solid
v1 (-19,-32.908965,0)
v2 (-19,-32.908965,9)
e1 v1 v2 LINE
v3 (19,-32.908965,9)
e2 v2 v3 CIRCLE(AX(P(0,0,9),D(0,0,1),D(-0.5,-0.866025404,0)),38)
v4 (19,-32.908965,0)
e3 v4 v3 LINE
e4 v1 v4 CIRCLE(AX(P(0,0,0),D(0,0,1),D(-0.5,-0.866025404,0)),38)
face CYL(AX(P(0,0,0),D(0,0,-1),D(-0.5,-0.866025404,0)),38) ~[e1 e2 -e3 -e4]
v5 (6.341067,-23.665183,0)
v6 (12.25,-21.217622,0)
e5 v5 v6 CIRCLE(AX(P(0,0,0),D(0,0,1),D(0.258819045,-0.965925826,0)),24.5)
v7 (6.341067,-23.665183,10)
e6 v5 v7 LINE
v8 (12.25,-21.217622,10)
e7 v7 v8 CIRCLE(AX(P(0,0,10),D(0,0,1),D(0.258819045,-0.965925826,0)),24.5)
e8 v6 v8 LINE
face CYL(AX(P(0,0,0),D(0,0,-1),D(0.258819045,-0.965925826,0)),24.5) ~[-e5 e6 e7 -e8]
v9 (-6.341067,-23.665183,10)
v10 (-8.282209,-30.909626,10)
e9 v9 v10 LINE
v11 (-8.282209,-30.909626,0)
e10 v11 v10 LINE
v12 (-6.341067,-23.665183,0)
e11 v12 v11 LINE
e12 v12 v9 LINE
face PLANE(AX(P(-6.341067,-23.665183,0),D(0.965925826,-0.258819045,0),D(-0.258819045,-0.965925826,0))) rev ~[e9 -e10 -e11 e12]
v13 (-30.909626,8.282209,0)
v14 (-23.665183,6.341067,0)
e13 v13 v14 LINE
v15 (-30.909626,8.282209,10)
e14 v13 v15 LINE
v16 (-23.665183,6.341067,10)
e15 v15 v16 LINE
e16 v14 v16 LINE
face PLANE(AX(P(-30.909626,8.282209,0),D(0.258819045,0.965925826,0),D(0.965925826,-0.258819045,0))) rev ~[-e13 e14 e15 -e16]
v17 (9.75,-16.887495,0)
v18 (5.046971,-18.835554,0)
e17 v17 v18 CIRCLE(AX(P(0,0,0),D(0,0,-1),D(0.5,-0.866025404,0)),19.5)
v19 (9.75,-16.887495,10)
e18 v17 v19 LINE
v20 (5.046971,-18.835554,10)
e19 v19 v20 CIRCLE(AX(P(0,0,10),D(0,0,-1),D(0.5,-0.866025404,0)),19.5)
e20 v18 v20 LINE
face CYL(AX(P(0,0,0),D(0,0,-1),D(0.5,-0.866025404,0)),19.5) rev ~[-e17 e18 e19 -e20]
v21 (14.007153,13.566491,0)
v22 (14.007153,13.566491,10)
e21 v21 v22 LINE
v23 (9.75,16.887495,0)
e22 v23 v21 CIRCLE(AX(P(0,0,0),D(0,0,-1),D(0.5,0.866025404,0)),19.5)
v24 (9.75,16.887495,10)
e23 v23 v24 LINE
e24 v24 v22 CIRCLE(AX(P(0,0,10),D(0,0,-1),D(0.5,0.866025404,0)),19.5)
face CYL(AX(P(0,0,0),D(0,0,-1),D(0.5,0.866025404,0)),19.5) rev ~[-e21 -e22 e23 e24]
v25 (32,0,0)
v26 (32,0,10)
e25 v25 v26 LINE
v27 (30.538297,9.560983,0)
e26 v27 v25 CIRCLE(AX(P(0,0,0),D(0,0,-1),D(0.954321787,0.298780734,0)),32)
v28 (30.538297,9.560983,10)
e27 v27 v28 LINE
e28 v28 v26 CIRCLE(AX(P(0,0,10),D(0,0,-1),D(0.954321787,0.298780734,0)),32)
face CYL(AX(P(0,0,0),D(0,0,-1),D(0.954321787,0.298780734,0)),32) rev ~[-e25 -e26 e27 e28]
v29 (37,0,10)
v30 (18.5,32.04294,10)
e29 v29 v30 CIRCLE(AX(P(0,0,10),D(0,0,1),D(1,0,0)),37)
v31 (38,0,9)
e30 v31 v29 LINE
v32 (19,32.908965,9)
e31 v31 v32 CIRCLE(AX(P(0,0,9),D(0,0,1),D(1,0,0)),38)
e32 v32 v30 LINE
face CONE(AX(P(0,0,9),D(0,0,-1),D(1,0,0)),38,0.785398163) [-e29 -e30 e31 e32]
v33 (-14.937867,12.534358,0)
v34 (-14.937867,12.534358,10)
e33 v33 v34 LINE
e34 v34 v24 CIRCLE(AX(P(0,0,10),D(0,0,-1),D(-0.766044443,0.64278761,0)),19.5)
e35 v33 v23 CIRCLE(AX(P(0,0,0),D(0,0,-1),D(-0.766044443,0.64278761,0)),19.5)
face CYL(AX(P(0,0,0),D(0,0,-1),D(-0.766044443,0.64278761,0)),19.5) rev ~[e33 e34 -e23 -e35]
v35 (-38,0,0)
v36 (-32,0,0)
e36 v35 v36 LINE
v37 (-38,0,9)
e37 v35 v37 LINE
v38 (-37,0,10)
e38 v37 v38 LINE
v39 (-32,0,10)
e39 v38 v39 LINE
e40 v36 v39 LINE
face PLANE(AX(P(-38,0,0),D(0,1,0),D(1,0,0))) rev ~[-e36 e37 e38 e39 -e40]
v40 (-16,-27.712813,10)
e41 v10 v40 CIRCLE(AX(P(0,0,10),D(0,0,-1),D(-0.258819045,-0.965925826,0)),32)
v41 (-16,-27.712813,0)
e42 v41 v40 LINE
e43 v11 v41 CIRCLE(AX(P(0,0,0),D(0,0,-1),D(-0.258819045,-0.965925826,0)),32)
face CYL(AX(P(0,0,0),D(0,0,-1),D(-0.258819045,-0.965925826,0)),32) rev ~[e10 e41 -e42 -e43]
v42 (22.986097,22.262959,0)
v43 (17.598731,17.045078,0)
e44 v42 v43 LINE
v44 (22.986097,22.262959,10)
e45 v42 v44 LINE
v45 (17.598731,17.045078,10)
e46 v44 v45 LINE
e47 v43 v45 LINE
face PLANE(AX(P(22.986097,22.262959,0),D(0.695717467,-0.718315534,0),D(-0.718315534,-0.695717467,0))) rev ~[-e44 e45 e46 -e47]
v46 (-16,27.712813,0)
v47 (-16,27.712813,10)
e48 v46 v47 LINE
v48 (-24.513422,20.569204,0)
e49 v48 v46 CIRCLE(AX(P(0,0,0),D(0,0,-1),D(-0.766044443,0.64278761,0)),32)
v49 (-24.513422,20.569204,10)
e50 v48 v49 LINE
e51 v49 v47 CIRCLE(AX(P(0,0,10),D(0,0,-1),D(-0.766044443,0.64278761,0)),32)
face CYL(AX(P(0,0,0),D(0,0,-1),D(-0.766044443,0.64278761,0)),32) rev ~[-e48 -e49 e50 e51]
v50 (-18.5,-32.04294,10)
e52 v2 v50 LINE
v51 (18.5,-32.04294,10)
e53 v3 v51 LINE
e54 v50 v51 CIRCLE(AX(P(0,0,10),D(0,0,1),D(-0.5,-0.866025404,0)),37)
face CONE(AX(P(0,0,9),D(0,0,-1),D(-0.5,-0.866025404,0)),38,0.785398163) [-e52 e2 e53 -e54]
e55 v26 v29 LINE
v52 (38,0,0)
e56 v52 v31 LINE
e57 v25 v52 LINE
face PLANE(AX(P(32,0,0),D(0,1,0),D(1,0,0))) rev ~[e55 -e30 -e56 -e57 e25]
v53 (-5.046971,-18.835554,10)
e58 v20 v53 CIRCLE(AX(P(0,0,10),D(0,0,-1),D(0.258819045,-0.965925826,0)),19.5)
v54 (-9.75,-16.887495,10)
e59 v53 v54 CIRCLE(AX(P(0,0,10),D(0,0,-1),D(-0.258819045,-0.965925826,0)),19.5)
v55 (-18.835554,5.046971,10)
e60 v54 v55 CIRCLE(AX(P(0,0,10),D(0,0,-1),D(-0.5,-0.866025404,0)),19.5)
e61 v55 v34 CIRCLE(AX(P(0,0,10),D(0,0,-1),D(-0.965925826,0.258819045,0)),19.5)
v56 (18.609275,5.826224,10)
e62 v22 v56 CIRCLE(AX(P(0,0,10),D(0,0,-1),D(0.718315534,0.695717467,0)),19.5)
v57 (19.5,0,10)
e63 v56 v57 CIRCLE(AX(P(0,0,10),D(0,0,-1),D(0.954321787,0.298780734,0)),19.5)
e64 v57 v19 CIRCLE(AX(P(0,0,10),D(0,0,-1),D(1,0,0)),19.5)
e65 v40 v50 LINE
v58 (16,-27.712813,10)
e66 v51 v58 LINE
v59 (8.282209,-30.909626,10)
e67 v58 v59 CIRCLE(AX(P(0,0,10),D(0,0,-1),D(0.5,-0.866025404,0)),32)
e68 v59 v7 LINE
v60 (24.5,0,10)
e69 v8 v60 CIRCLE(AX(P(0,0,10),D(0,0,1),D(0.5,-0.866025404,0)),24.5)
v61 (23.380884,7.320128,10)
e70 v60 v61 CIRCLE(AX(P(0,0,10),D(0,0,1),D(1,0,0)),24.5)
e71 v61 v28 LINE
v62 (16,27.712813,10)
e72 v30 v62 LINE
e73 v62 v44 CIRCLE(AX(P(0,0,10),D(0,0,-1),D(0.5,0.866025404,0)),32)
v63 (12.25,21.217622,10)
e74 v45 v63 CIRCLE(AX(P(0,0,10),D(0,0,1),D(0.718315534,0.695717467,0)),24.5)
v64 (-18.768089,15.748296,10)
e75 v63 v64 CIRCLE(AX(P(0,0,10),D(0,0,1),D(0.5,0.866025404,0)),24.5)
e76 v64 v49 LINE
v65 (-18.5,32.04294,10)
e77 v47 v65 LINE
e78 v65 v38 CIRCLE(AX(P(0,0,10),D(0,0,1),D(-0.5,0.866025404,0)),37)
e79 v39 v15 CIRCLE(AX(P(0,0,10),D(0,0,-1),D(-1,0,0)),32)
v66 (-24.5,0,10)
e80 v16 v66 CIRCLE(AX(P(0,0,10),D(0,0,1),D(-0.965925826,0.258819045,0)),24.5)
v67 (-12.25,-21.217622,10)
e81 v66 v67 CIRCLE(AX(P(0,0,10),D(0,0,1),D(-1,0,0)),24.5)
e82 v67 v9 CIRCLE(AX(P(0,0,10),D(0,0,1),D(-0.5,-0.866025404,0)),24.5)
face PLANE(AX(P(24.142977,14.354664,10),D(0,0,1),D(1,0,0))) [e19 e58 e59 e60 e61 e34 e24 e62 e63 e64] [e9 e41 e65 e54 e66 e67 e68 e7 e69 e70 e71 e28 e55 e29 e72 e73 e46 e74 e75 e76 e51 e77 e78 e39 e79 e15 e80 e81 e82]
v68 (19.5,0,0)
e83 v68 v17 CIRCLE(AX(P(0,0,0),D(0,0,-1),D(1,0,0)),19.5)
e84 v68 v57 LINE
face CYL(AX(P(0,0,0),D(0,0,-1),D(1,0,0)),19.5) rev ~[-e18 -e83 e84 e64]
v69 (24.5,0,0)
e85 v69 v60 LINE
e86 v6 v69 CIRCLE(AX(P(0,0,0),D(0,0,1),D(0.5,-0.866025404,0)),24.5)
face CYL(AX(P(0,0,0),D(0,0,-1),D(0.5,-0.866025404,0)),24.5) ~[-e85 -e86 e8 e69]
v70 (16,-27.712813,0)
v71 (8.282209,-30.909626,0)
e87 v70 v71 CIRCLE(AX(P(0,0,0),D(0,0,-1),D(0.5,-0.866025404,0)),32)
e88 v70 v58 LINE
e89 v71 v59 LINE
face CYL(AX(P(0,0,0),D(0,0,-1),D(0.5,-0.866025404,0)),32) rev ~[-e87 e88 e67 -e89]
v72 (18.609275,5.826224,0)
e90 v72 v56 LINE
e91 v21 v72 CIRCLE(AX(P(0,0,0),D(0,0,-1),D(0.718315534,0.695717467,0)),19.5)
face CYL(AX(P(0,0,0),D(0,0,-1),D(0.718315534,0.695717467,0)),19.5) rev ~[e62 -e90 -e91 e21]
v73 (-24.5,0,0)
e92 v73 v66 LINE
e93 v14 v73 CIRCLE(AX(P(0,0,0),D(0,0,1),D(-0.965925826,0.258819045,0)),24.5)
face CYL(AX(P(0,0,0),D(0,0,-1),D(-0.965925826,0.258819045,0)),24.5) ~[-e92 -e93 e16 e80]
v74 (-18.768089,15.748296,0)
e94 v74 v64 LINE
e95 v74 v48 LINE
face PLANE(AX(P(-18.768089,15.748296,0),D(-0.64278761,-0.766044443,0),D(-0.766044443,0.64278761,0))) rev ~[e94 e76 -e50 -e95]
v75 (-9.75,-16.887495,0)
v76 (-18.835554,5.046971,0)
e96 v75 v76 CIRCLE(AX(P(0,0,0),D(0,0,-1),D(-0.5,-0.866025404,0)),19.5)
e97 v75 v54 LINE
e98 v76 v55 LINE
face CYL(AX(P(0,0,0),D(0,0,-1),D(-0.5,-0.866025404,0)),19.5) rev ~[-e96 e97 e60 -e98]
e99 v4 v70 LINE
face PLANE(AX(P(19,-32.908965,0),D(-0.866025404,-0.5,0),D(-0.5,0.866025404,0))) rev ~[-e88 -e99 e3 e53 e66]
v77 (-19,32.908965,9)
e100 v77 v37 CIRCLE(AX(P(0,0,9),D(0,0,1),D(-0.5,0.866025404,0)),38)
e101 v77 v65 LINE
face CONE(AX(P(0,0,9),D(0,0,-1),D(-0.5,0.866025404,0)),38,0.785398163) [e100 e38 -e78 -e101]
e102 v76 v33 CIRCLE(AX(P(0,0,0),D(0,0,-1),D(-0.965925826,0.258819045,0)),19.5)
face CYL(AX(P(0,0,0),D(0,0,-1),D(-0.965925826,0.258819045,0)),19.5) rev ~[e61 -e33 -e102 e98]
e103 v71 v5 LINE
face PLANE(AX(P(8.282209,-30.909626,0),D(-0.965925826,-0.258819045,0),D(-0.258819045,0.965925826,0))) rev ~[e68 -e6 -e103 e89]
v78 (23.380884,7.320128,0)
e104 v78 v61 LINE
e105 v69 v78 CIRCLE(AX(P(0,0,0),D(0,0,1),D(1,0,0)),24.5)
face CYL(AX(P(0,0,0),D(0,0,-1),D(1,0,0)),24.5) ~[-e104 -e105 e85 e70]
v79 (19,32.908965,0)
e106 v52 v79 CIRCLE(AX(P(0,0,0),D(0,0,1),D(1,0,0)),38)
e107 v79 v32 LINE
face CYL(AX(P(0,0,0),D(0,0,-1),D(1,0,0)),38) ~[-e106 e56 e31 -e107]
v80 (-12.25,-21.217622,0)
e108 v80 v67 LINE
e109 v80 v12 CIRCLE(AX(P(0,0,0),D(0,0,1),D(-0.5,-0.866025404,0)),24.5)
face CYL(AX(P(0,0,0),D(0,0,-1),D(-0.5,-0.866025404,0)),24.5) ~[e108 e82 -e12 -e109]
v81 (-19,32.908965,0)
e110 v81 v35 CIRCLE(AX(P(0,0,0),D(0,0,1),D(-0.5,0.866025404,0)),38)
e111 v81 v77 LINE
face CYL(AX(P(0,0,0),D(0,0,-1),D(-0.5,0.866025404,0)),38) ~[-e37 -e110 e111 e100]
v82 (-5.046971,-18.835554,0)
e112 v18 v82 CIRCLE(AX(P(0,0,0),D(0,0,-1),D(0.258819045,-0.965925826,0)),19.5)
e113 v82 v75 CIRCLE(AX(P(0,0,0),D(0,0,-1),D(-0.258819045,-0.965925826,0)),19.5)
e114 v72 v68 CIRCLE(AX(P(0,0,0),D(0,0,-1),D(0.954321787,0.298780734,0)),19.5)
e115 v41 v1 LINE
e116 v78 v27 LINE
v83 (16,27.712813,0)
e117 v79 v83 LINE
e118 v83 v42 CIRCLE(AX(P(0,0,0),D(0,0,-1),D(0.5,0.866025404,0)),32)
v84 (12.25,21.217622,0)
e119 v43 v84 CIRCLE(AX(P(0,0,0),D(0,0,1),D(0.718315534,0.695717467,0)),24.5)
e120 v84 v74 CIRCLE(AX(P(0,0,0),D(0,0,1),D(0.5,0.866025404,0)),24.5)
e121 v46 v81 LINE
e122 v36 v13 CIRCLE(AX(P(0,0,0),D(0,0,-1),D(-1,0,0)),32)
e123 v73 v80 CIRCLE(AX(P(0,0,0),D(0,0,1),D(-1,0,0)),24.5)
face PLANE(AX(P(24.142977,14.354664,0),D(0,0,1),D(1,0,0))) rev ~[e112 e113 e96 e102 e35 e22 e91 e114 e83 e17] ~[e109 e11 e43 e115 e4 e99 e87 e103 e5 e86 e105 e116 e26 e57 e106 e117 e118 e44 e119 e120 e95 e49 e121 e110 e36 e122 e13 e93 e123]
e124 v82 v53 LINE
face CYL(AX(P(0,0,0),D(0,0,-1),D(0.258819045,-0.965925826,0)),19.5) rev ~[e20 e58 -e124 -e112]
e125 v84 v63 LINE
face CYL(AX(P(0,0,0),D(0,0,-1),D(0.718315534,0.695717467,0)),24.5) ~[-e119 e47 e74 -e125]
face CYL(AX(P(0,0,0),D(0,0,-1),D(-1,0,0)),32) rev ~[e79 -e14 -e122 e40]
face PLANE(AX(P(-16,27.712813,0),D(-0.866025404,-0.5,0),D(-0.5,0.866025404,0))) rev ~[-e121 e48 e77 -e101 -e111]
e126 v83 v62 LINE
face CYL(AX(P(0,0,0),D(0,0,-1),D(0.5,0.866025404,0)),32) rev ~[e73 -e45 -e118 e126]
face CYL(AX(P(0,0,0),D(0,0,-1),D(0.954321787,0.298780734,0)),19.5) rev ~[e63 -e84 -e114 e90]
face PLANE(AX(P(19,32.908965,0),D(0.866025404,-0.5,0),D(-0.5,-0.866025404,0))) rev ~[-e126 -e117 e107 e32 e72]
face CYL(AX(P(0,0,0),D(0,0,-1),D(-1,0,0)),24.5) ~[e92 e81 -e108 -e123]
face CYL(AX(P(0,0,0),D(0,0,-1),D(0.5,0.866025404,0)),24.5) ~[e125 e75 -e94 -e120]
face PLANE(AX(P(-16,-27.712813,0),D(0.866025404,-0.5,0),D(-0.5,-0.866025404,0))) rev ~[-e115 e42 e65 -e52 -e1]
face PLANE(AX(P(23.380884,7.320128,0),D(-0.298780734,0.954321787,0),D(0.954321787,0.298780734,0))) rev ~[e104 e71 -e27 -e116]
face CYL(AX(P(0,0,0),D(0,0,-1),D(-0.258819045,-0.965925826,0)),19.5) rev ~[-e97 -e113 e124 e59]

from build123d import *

# Parameters (mm, degrees)
F1_DEPTH = 10
F2_SIZE  = 1


with BuildPart() as f1:
    # F0 (on Top) → F1 (new body)
    with BuildSketch(Plane.XY):
        with BuildLine():
            ThreePointArc((17.5987305893, 17.0450779301), (21.0588665715, 12.5209479961), (23.3808837783, 7.320127987))
            Line((23.3808837783, 7.320127987), (30.5382971798, 9.5609834933))
            ThreePointArc((30.5382971798, 9.5609834933), (27.5054583792, 16.3538912603), (22.9860970963, 22.2629589292))
            Line((22.9860970963, 22.2629589292), (17.5987305893, 17.0450779301))
        make_face()
        with BuildLine():
            ThreePointArc((-9.75, -16.8874953738), (-18.015650884, -7.4623269311), (-18.8355536126, 5.0469713795))
            Line((-18.8355536126, 5.0469713795), (-23.6651827441, 6.341066605))
            ThreePointArc((-23.6651827441, 6.341066605), (-24.2903991037, 3.1978917094), (-24.5, 0))
            ThreePointArc((-24.5, 0), (-21.2176223927, -12.25), (-12.25, -21.2176223927))
            Line((-12.25, -21.2176223927), (-9.75, -16.8874953738))
        make_face()
        with BuildLine():
            Line((-23.6651827441, 6.341066605), (-18.8355536126, 5.0469713795))
            ThreePointArc((-18.8355536126, 5.0469713795), (-17.296711247, 9.0040979581), (-14.9378666408, 12.5343583889))
            Line((-14.9378666408, 12.5343583889), (-18.7680888564, 15.7482964373))
            ThreePointArc((-18.7680888564, 15.7482964373), (-21.7317654129, 11.3128410243), (-23.6651827441, 6.341066605))
        make_face()
        with BuildLine():
            Line((-18.7680888564, 15.7482964373), (-14.9378666408, 12.5343583889))
            ThreePointArc((-14.9378666408, 12.5343583889), (-3.3861394645, 19.2037511837), (9.75, 16.8874953738))
            Line((9.75, 16.8874953738), (12.25, 21.2176223927))
            ThreePointArc((12.25, 21.2176223927), (0, 24.5), (-12.25, 21.2176223927))
            ThreePointArc((-12.25, 21.2176223927), (-15.7482964373, 18.7680888564), (-18.7680888564, 15.7482964373))
        make_face()
        with BuildLine():
            ThreePointArc((9.75, 16.8874953738), (11.9940754906, 15.3750496951), (14.007152918, 13.5664905975))
            Line((14.007152918, 13.5664905975), (17.5987305893, 17.0450779301))
            ThreePointArc((17.5987305893, 17.0450779301), (15.0694794625, 19.3173701297), (12.25, 21.2176223927))
            Line((12.25, 21.2176223927), (9.75, 16.8874953738))
        make_face()
        with BuildLine():
            Line((-30.9096264413, 8.2822094433), (-23.6651827441, 6.341066605))
            ThreePointArc((-23.6651827441, 6.341066605), (-21.7317654129, 11.3128410243), (-18.7680888564, 15.7482964373))
            Line((-18.7680888564, 15.7482964373), (-24.5134221798, 20.56920351))
            ThreePointArc((-24.5134221798, 20.56920351), (-28.3843466617, 14.7759556235), (-30.9096264413, 8.2822094433))
        make_face()
        with BuildLine():
            Line((12.25, -21.2176223927), (9.75, -16.8874953738))
            ThreePointArc((9.75, -16.8874953738), (7.4623269311, -18.015650884), (5.0469713795, -18.8355536126))
            Line((5.0469713795, -18.8355536126), (6.341066605, -23.6651827441))
            ThreePointArc((6.341066605, -23.6651827441), (9.3757440929, -22.6350485465), (12.25, -21.2176223927))
        make_face()
        with BuildLine():
            Line((24.5, 0), (19.5, 0))
            ThreePointArc((19.5, 0), (16.8874953738, -9.75), (9.75, -16.8874953738))
            Line((9.75, -16.8874953738), (12.25, -21.2176223927))
            ThreePointArc((12.25, -21.2176223927), (21.2176223927, -12.25), (24.5, 0))
        make_face()
        with BuildLine():
            ThreePointArc((14.007152918, 13.5664905975), (16.7611386998, 9.9656524867), (18.6092748439, 5.8262243162))
            Line((18.6092748439, 5.8262243162), (23.3808837783, 7.320127987))
            ThreePointArc((23.3808837783, 7.320127987), (21.0588665715, 12.5209479961), (17.5987305893, 17.0450779301))
            Line((17.5987305893, 17.0450779301), (14.007152918, 13.5664905975))
        make_face()
        with BuildLine():
            Line((6.341066605, -23.6651827441), (5.0469713795, -18.8355536126))
            ThreePointArc((5.0469713795, -18.8355536126), (0, -19.5), (-5.0469713795, -18.8355536126))
            Line((-5.0469713795, -18.8355536126), (-6.341066605, -23.6651827441))
            ThreePointArc((-6.341066605, -23.6651827441), (0, -24.5), (6.341066605, -23.6651827441))
        make_face()
        with BuildLine():
            Line((-6.341066605, -23.6651827441), (-5.0469713795, -18.8355536126))
            ThreePointArc((-5.0469713795, -18.8355536126), (-7.4623269311, -18.015650884), (-9.75, -16.8874953738))
            Line((-9.75, -16.8874953738), (-12.25, -21.2176223927))
            ThreePointArc((-12.25, -21.2176223927), (-9.3757440929, -22.6350485465), (-6.341066605, -23.6651827441))
        make_face()
        with BuildLine():
            ThreePointArc((18.6092748439, 5.8262243162), (19.2760325204, 2.9469594961), (19.5, 0))
            Line((19.5, 0), (24.5, 0))
            ThreePointArc((24.5, 0), (24.2186049616, 3.7025901361), (23.3808837783, 7.320127987))
            Line((23.3808837783, 7.320127987), (18.6092748439, 5.8262243162))
        make_face()
        with BuildLine():
            ThreePointArc((30.5382971798, 9.5609834933), (31.6324636233, 4.8360360962), (32, 0))
            Line((32, 0), (38, 0))
            ThreePointArc((38, 0), (32.9089653438, 19), (19, 32.9089653438))
            Line((19, 32.9089653438), (16, 27.7128129211))
            ThreePointArc((16, 27.7128129211), (19.6825854204, 25.2308507817), (22.9860970963, 22.2629589292))
            ThreePointArc((22.9860970963, 22.2629589292), (27.5054583792, 16.3538912603), (30.5382971798, 9.5609834933))
        make_face()
        with BuildLine():
            ThreePointArc((-32, 0), (-31.726235564, 4.176838151), (-30.9096264413, 8.2822094433))
            ThreePointArc((-30.9096264413, 8.2822094433), (-28.3843466617, 14.7759556235), (-24.5134221798, 20.56920351))
            ThreePointArc((-24.5134221798, 20.56920351), (-20.56920351, 24.5134221798), (-16, 27.7128129211))
            Line((-16, 27.7128129211), (-19, 32.9089653438))
            ThreePointArc((-19, 32.9089653438), (-32.9089653438, 19), (-38, 0))
            Line((-38, 0), (-32, 0))
        make_face()
        with BuildLine():
            Line((19, -32.9089653438), (16, -27.7128129211))
            ThreePointArc((16, -27.7128129211), (12.2458698357, -29.5641450404), (8.2822094433, -30.9096264412))
            ThreePointArc((8.2822094433, -30.9096264412), (0, -32), (-8.2822094433, -30.9096264412))
            ThreePointArc((-8.2822094433, -30.9096264412), (-12.2458698357, -29.5641450404), (-16, -27.7128129211))
            Line((-16, -27.7128129211), (-19, -32.9089653438))
            ThreePointArc((-19, -32.9089653438), (0, -38), (19, -32.9089653438))
        make_face()
        with BuildLine():
            Line((8.2822094433, -30.9096264413), (6.341066605, -23.6651827441))
            ThreePointArc((6.341066605, -23.6651827441), (0, -24.5), (-6.341066605, -23.6651827441))
            Line((-6.341066605, -23.6651827441), (-8.2822094433, -30.9096264413))
            ThreePointArc((-8.2822094433, -30.9096264412), (0, -32), (8.2822094433, -30.9096264412))
        make_face()
    extrude(amount=F1_DEPTH)

    # F2
    f2_edges = [f1.edges().sort_by_distance(p)[0] for p in [
        (32.908965, 19, 10),
        (-32.908965, 19, 10),
        (0, -38, 10),
    ]]
    chamfer(f2_edges, length=F2_SIZE)


solid = f1.part
